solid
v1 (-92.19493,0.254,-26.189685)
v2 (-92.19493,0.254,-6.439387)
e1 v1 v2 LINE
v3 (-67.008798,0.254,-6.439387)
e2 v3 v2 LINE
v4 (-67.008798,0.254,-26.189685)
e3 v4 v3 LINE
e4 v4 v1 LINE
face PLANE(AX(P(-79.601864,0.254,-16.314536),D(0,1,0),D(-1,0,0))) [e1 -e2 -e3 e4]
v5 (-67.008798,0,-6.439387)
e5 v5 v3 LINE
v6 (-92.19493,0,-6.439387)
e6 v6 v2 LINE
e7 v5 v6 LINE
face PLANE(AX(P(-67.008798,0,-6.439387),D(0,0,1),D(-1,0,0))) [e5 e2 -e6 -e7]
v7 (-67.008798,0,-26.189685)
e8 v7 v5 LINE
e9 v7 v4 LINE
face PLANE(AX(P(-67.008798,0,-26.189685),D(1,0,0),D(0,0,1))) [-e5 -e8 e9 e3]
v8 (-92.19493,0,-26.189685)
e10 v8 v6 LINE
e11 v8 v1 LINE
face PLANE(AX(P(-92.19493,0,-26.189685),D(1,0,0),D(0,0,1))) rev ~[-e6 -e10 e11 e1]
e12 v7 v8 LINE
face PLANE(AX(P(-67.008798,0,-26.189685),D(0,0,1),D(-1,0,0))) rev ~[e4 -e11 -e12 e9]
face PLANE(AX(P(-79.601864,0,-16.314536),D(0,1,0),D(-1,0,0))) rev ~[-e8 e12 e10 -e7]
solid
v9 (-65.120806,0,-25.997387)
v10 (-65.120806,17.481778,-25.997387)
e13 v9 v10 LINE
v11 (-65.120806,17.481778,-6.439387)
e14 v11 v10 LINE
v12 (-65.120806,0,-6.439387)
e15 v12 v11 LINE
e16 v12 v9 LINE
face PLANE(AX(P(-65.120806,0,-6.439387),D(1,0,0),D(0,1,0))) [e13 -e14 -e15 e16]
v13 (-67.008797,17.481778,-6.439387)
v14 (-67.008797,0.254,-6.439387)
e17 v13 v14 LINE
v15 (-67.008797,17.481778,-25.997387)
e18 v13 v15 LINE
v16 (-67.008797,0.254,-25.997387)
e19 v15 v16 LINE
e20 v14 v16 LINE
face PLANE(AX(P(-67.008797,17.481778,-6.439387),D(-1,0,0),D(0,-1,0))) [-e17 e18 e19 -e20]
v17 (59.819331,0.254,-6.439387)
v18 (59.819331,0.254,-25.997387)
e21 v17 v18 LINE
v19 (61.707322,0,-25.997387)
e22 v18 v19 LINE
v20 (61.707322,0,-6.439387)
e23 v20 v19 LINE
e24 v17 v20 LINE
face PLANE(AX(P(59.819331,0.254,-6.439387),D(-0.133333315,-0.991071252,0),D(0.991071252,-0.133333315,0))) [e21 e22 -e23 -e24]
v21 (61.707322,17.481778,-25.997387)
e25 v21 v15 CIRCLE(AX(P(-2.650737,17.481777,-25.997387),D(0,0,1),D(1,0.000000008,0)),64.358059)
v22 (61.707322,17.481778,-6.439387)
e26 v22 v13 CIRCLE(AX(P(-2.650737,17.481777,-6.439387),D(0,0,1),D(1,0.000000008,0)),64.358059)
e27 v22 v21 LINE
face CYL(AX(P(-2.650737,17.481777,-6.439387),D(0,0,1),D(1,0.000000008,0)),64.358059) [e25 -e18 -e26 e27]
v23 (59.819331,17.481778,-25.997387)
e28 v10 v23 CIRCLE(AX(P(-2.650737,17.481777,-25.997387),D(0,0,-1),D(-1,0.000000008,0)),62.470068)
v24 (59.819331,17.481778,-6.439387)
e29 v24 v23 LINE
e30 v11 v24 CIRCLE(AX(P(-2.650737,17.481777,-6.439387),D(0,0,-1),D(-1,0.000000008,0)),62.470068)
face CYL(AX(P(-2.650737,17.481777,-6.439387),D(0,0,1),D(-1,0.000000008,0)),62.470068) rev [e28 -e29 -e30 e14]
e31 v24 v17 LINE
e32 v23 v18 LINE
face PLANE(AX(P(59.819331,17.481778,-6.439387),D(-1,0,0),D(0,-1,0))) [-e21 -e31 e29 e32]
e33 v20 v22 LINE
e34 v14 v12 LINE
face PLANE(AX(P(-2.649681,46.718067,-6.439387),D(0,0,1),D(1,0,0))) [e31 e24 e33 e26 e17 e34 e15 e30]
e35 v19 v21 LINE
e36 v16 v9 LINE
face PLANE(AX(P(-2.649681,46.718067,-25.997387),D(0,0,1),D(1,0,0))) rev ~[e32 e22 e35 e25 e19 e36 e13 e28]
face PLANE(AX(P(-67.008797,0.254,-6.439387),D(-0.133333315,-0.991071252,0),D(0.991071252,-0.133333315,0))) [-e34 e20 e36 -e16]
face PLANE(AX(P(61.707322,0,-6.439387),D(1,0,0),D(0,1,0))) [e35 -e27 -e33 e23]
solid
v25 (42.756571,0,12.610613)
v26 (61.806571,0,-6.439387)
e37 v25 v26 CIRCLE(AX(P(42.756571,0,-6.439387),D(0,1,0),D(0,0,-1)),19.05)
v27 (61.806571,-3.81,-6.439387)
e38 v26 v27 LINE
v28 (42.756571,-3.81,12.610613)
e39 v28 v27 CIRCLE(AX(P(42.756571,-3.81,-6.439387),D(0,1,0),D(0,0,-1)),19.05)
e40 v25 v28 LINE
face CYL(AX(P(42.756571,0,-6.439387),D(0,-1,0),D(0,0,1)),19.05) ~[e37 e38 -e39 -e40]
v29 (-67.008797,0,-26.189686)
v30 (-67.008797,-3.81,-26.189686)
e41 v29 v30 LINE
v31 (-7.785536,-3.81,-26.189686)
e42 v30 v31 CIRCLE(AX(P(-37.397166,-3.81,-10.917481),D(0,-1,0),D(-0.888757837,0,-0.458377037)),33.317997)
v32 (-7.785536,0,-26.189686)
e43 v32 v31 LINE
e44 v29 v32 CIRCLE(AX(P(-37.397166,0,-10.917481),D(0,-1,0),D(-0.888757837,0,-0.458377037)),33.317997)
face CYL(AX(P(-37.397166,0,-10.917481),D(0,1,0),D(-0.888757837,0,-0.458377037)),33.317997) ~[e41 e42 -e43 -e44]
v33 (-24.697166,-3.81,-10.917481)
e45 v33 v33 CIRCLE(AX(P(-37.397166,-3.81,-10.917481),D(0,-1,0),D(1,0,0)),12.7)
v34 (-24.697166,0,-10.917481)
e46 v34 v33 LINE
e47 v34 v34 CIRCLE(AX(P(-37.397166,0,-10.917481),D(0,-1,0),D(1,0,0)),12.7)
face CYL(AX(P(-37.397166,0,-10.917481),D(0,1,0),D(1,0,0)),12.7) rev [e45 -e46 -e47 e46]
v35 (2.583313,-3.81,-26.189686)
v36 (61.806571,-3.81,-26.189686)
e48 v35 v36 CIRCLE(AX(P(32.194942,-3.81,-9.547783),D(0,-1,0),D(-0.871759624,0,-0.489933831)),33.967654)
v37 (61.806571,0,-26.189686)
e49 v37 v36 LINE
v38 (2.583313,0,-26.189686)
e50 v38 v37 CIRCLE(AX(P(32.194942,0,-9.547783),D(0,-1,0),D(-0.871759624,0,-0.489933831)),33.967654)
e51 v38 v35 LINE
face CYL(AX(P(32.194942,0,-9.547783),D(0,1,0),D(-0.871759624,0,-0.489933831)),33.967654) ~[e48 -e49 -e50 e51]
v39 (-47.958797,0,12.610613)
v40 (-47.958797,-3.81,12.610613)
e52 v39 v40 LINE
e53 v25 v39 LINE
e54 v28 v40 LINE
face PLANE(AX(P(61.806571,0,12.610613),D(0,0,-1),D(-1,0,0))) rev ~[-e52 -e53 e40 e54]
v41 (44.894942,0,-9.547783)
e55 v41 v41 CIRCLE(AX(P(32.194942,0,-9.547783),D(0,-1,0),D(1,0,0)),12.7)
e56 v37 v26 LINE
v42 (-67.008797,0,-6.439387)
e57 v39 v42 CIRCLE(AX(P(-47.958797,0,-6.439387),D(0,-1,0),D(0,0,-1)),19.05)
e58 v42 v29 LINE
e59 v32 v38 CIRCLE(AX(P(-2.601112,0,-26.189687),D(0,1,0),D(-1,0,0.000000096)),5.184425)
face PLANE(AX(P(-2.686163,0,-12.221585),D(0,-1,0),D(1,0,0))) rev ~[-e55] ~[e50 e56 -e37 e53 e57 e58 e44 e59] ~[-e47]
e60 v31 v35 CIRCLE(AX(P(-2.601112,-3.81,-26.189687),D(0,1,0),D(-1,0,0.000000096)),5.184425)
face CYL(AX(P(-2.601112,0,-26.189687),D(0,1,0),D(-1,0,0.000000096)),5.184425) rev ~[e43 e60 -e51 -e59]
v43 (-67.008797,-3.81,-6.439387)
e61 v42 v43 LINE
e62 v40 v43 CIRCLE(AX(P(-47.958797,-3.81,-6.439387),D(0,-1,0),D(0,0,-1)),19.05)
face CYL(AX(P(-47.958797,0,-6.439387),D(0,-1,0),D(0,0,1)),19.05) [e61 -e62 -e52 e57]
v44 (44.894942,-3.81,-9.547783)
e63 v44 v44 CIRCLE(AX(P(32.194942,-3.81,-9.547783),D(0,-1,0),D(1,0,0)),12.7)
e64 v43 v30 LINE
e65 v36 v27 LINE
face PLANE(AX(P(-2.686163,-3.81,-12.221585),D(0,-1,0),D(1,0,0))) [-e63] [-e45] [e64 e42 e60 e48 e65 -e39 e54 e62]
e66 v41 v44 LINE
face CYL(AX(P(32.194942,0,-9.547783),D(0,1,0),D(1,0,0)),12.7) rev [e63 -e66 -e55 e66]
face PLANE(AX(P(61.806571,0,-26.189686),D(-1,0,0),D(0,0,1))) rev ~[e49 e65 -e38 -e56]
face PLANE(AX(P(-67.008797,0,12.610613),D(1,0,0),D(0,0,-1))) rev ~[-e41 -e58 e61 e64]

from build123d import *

# Parameters (mm, degrees)
F0_R     = 12.7
F1_DEPTH = 3.81
F2_R     = 19.05
F3_W     = 25.186133
F3_H     = 19.750299
F4_DEPTH = 0.254
F6_DEPTH = 19.558


with BuildPart() as f1:
    # F0 (on Front) → F1 (new body)
    with BuildSketch(Plane.XZ):
        with BuildLine():
            Line((61.806571, 12.610613), (-67.008797, 12.610613))
            Line((-67.008797, 12.610613), (-67.008797, -26.189686))
            ThreePointArc((-67.008797, -26.189686), (-37.397166, -44.235478), (-7.785536, -26.189686))
            ThreePointArc((-7.785536, -26.189686), (-2.601111, -21.005262), (2.583313, -26.189686))
            ThreePointArc((2.583313, -26.189686), (32.194942, -43.515437), (61.806571, -26.189686))
            Line((61.806571, -26.189686), (61.806571, 12.610613))
        make_face()
        with Locations((-37.397166, -10.917481)):
            Circle(F0_R, mode=Mode.SUBTRACT)
        with Locations((32.194942, -9.547783)):
            Circle(F0_R, mode=Mode.SUBTRACT)
    extrude(amount=F1_DEPTH)

    # F2
    f2_edges = [f1.edges().sort_by_distance(p)[0] for p in [
        (-67.008797, -1.905, 12.610613),
        (61.806571, -1.905, 12.610613),
    ]]
    fillet(f2_edges, radius=F2_R)


with BuildPart() as f4:
    # F3 (on face) → F4 (new body)
    with BuildSketch(Plane(origin=(0, 0, 0), x_dir=(-1, 0, 0), z_dir=(0, 1, 0))):
        with Locations((79.601864, -16.314536)):
            Rectangle(F3_W, F3_H)
    extrude(amount=F4_DEPTH)


with BuildPart() as f6:
    # F5 (on face) → F6 (new body)
    with BuildSketch(Plane.XY.offset(-6.439387)):
        with BuildLine():
            Line((-67.008797, 17.481778), (-67.008797, 0.254))
            Line((-67.008797, 0.254), (-65.120806, 0))
            Line((-65.120806, 0), (-65.120806, 17.481778))
            ThreePointArc((-65.120806, 17.481778), (-2.650738, 79.951846), (59.819331, 17.481778))
            Line((59.819331, 17.481778), (59.819331, 0.254))
            Line((59.819331, 0.254), (61.707322, 0))
            Line((61.707322, 0), (61.707322, 17.481778))
            ThreePointArc((61.707322, 17.481778), (-2.650738, 81.839837), (-67.008797, 17.481778))
        make_face()
    extrude(amount=-F6_DEPTH)


solid = Compound([f1.part, f4.part, f6.part])
